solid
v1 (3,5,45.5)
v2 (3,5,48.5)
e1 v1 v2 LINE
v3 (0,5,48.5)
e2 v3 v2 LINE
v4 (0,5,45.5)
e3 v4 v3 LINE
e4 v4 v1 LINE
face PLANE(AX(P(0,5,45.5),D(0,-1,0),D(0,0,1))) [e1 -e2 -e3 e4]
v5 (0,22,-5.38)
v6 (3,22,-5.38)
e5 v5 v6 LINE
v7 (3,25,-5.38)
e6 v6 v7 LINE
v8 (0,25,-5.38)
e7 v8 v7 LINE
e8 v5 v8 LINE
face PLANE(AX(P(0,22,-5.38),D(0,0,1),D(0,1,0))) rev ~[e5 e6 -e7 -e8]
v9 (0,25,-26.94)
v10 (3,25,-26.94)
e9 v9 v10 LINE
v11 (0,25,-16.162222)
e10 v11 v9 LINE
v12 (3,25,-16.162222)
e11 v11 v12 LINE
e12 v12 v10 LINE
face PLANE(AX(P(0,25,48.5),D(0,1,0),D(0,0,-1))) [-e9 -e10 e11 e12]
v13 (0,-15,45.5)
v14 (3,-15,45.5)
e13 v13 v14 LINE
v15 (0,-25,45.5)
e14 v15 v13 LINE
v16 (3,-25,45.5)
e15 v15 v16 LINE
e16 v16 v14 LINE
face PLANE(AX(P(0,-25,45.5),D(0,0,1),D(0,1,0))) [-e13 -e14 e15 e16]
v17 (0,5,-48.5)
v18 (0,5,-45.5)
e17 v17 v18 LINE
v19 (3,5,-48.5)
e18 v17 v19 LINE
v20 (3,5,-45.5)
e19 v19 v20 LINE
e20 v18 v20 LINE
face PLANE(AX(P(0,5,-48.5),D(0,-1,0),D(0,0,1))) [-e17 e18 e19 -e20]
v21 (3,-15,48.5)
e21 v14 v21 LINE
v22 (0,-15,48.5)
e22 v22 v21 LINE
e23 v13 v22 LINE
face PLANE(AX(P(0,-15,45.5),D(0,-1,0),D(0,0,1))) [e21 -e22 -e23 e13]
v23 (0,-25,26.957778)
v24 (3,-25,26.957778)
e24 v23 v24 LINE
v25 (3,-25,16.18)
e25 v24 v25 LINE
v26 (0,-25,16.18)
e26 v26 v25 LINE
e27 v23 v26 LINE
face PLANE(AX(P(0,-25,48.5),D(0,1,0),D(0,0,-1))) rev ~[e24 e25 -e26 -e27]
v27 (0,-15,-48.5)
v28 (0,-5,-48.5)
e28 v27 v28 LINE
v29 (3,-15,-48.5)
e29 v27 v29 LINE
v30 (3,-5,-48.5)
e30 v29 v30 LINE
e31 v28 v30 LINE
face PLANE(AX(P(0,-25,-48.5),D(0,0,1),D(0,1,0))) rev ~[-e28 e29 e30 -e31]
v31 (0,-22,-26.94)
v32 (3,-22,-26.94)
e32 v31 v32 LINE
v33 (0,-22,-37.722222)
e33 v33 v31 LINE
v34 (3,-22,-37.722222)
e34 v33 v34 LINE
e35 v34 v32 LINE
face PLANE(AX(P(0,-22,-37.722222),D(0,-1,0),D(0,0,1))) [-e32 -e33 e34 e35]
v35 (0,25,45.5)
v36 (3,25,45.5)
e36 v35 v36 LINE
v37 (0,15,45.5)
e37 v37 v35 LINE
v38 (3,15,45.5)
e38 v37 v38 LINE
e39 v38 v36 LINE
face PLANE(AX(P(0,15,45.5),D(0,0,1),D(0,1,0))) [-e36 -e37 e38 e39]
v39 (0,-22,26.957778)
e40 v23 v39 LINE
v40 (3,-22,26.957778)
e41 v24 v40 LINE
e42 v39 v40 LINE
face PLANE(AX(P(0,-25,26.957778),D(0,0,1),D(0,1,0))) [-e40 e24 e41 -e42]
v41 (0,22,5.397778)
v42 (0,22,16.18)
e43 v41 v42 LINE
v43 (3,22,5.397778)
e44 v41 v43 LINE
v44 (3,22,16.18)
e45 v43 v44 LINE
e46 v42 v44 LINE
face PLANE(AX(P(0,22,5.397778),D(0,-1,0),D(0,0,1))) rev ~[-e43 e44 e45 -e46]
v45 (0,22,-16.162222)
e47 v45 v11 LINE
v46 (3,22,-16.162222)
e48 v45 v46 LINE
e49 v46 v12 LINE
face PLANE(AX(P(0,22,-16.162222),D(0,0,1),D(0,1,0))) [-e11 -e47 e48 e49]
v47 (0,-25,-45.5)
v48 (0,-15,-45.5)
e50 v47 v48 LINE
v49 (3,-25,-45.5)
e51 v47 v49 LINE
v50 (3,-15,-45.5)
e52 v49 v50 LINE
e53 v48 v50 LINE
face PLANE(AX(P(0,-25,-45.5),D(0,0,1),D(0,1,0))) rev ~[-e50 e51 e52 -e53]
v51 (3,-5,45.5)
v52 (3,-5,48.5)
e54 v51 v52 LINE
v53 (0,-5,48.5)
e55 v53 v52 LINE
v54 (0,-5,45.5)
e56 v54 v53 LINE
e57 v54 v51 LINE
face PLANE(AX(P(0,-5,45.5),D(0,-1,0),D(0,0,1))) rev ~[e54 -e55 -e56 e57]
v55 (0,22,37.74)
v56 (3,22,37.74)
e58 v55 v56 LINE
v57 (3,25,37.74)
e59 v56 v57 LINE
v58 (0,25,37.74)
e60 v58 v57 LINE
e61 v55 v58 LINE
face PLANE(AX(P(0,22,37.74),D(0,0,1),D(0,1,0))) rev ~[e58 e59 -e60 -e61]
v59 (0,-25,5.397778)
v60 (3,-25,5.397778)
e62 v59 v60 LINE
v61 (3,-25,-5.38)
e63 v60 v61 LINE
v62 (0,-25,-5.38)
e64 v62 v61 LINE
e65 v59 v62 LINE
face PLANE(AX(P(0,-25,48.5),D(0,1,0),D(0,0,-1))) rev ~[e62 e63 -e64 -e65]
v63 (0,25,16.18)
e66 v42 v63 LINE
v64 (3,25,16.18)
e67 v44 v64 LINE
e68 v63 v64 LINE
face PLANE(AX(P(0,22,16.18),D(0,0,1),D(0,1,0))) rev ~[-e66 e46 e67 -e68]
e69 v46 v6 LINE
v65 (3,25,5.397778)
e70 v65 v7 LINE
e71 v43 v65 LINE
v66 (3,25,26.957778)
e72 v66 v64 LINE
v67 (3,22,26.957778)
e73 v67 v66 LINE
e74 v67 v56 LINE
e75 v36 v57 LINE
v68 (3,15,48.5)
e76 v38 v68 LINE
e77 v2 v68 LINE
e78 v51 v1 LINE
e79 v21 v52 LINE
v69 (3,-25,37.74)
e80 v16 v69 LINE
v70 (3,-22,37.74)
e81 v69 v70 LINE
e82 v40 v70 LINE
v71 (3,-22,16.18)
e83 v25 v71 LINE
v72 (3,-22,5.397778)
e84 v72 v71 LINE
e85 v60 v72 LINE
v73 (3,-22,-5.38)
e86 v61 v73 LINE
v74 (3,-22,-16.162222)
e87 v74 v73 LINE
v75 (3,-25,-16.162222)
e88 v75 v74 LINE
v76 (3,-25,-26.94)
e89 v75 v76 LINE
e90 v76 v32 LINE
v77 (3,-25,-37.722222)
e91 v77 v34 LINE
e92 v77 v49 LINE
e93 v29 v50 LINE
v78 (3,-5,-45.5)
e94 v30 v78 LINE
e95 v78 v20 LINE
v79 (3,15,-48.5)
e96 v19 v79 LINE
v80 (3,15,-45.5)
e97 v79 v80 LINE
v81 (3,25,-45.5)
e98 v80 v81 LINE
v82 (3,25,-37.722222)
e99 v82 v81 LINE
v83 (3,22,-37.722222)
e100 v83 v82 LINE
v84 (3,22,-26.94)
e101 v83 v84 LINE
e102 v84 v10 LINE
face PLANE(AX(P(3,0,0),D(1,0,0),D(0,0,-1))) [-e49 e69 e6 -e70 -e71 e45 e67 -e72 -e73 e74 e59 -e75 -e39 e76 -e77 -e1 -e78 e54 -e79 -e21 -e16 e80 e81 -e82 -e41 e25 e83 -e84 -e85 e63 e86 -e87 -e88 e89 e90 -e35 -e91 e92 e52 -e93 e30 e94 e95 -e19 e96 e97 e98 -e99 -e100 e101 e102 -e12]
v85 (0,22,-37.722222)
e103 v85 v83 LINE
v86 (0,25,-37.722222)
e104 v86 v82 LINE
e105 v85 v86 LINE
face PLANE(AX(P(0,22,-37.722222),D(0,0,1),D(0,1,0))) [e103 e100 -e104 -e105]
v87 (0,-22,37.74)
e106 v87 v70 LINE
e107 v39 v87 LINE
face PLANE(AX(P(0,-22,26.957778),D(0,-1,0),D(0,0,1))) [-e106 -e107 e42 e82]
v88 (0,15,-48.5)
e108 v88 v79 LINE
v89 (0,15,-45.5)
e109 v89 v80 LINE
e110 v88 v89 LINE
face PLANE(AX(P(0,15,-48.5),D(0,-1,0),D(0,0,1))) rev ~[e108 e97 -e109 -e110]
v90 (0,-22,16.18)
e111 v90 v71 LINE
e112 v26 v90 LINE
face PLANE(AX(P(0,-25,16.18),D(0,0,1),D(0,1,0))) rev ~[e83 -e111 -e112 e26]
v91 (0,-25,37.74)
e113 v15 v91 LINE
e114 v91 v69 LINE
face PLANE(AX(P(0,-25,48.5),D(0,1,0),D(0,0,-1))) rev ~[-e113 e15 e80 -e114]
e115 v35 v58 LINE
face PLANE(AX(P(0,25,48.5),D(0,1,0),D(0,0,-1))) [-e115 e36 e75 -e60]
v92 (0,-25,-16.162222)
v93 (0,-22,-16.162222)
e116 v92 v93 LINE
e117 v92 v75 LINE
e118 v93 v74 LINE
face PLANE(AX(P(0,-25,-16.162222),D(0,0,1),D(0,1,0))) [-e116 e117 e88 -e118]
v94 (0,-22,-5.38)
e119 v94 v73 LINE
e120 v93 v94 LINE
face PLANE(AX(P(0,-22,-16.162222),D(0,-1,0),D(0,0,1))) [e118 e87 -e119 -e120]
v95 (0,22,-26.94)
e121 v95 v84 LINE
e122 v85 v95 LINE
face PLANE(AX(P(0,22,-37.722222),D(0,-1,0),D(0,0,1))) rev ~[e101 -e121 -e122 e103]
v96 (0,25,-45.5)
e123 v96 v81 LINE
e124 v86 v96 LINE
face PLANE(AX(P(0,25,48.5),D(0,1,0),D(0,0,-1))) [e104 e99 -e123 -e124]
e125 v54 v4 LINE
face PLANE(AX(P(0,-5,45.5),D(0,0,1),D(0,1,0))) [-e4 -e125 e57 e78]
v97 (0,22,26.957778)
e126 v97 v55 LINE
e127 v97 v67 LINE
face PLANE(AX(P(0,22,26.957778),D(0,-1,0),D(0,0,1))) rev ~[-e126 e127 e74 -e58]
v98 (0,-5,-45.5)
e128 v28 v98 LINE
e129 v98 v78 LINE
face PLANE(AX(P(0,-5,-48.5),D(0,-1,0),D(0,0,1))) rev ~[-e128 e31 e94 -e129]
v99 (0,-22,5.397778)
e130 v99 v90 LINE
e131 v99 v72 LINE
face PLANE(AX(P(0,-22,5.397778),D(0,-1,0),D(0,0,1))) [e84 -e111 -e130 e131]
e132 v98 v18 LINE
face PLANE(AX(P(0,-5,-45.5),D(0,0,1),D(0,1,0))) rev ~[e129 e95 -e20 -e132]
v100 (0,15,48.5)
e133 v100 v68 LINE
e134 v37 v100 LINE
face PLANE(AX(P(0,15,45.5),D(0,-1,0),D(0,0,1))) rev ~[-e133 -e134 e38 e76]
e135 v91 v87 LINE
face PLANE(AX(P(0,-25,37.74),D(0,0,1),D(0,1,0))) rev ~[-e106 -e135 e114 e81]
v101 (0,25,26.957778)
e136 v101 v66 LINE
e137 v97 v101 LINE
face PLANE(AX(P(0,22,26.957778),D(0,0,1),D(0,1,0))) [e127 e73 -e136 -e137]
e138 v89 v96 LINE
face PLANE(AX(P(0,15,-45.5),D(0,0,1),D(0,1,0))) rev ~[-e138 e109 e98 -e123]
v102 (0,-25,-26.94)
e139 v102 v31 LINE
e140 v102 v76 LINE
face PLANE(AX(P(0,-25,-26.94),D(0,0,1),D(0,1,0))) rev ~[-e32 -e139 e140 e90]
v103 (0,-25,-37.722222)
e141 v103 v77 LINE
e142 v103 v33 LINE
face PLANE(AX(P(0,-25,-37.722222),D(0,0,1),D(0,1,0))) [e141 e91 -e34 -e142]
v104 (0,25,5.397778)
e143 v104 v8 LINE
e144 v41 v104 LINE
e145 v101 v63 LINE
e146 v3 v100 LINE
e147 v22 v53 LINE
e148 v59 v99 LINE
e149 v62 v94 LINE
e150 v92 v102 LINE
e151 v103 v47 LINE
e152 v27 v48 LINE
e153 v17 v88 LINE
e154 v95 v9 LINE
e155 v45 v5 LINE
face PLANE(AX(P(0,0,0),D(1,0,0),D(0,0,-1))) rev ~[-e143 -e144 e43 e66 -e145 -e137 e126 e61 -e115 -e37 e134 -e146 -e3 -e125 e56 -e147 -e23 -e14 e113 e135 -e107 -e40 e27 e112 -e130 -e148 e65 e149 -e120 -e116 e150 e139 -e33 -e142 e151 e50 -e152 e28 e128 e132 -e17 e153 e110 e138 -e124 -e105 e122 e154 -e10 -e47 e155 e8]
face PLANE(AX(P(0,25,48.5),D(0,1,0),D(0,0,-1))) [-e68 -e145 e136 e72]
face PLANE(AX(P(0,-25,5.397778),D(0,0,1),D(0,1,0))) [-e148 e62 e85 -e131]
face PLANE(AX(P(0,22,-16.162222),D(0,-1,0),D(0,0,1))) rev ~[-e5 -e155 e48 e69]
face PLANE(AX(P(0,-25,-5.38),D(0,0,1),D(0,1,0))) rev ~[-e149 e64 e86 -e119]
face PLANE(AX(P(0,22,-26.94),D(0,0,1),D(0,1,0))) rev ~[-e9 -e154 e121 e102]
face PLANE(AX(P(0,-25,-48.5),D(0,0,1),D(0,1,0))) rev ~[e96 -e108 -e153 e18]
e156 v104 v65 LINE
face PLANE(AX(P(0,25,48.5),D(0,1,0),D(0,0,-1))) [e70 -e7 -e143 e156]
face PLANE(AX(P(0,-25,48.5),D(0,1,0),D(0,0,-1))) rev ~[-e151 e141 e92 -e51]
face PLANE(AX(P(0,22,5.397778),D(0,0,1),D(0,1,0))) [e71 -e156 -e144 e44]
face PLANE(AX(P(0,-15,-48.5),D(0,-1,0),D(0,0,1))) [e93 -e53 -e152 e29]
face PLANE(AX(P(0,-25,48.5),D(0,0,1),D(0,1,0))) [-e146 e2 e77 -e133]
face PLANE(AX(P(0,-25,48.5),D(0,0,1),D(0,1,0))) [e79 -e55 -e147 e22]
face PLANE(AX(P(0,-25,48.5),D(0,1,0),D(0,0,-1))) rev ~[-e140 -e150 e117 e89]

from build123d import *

# Parameters (mm, degrees)
ESBO_O1_W                = 97
ESBO_O1_H                = 50
RESSALTO_EXTRUS_O1_DEPTH = 3
CORTE_EXTRUS_O1_REACH    = 56.647
ESBO_O2_W                = 10.782222222
ESBO_O2_H                = 3
CORTE_EXTRUS_O2_REACH    = 56.647
ESBO_O4_W                = 3
ESBO_O4_H                = 10


with BuildPart() as part:
    # Esboço1 → Ressalto-extrusão1 (new body)
    with BuildSketch(Plane(origin=(0, 0, 0), x_dir=(0, 0, -1), z_dir=(1, 0, 0))):
        Rectangle(ESBO_O1_W, ESBO_O1_H)
    extrude(amount=RESSALTO_EXTRUS_O1_DEPTH)

    # Esboço2 → Corte-extrusão1 (cut, up to next)
    with BuildSketch(Plane.ZY, mode=Mode.PRIVATE) as corte_extrus_o1_sk1:
        with Locations((-10.771111111, 23.5)):
            Rectangle(ESBO_O2_W, ESBO_O2_H)
    corte_extrus_o1_tool1 = extrude(corte_extrus_o1_sk1.sketch, amount=-CORTE_EXTRUS_O1_REACH, mode=Mode.PRIVATE) & part.part
    # Esboço2 → Corte-extrusão1 (cut, up to next)
    with BuildSketch(Plane.ZY, mode=Mode.PRIVATE) as corte_extrus_o1_sk2:
        with Locations((-32.331111111, 23.5)):
            Rectangle(ESBO_O2_W, ESBO_O2_H)
    corte_extrus_o1_tool2 = extrude(corte_extrus_o1_sk2.sketch, amount=-CORTE_EXTRUS_O1_REACH, mode=Mode.PRIVATE) & part.part
    # Esboço2 → Corte-extrusão1 (cut, up to next)
    with BuildSketch(Plane.ZY, mode=Mode.PRIVATE) as corte_extrus_o1_sk3:
        with Locations((10.788888889, 23.5)):
            Rectangle(ESBO_O2_W, ESBO_O2_H)
    corte_extrus_o1_tool3 = extrude(corte_extrus_o1_sk3.sketch, amount=-CORTE_EXTRUS_O1_REACH, mode=Mode.PRIVATE) & part.part
    # Esboço2 → Corte-extrusão1 (cut, up to next)
    with BuildSketch(Plane.ZY, mode=Mode.PRIVATE) as corte_extrus_o1_sk4:
        with Locations((32.348888889, 23.5)):
            Rectangle(ESBO_O2_W, ESBO_O2_H)
    corte_extrus_o1_tool4 = extrude(corte_extrus_o1_sk4.sketch, amount=-CORTE_EXTRUS_O1_REACH, mode=Mode.PRIVATE) & part.part
    # Esboço2 → Corte-extrusão1 (cut, up to next)
    with BuildSketch(Plane.ZY, mode=Mode.PRIVATE) as corte_extrus_o1_sk5:
        with Locations((-32.331111111, -23.5)):
            Rectangle(ESBO_O2_W, ESBO_O2_H)
    corte_extrus_o1_tool5 = extrude(corte_extrus_o1_sk5.sketch, amount=-CORTE_EXTRUS_O1_REACH, mode=Mode.PRIVATE) & part.part
    # Esboço2 → Corte-extrusão1 (cut, up to next)
    with BuildSketch(Plane.ZY, mode=Mode.PRIVATE) as corte_extrus_o1_sk6:
        with Locations((32.348888889, -23.5)):
            Rectangle(ESBO_O2_W, ESBO_O2_H)
    corte_extrus_o1_tool6 = extrude(corte_extrus_o1_sk6.sketch, amount=-CORTE_EXTRUS_O1_REACH, mode=Mode.PRIVATE) & part.part
    # Esboço2 → Corte-extrusão1 (cut, up to next)
    with BuildSketch(Plane.ZY, mode=Mode.PRIVATE) as corte_extrus_o1_sk7:
        with Locations((-10.771111111, -23.5)):
            Rectangle(ESBO_O2_W, ESBO_O2_H)
    corte_extrus_o1_tool7 = extrude(corte_extrus_o1_sk7.sketch, amount=-CORTE_EXTRUS_O1_REACH, mode=Mode.PRIVATE) & part.part
    # Esboço2 → Corte-extrusão1 (cut, up to next)
    with BuildSketch(Plane.ZY, mode=Mode.PRIVATE) as corte_extrus_o1_sk8:
        with Locations((10.788888889, -23.5)):
            Rectangle(ESBO_O2_W, ESBO_O2_H)
    corte_extrus_o1_tool8 = extrude(corte_extrus_o1_sk8.sketch, amount=-CORTE_EXTRUS_O1_REACH, mode=Mode.PRIVATE) & part.part
    add(corte_extrus_o1_tool1.solids().sort_by_distance((0, 23.5, -10.771111))[0], mode=Mode.SUBTRACT)
    add(corte_extrus_o1_tool2.solids().sort_by_distance((0, 23.5, -32.331111))[0], mode=Mode.SUBTRACT)
    add(corte_extrus_o1_tool3.solids().sort_by_distance((0, 23.5, 10.788889))[0], mode=Mode.SUBTRACT)
    add(corte_extrus_o1_tool4.solids().sort_by_distance((0, 23.5, 32.348889))[0], mode=Mode.SUBTRACT)
    add(corte_extrus_o1_tool5.solids().sort_by_distance((0, -23.5, -32.331111))[0], mode=Mode.SUBTRACT)
    add(corte_extrus_o1_tool6.solids().sort_by_distance((0, -23.5, 32.348889))[0], mode=Mode.SUBTRACT)
    add(corte_extrus_o1_tool7.solids().sort_by_distance((0, -23.5, -10.771111))[0], mode=Mode.SUBTRACT)
    add(corte_extrus_o1_tool8.solids().sort_by_distance((0, -23.5, 10.788889))[0], mode=Mode.SUBTRACT)

    # Esboço4 → Corte-extrusão2 (cut, up to next)
    with BuildSketch(Plane.ZY, mode=Mode.PRIVATE) as corte_extrus_o2_sk1:
        with Locations((47, 20)):
            Rectangle(ESBO_O4_W, ESBO_O4_H)
    corte_extrus_o2_tool1 = extrude(corte_extrus_o2_sk1.sketch, amount=-CORTE_EXTRUS_O2_REACH, mode=Mode.PRIVATE) & part.part
    # Esboço4 → Corte-extrusão2 (cut, up to next)
    with BuildSketch(Plane.ZY, mode=Mode.PRIVATE) as corte_extrus_o2_sk2:
        with Locations((47, -20)):
            Rectangle(ESBO_O4_W, ESBO_O4_H)
    corte_extrus_o2_tool2 = extrude(corte_extrus_o2_sk2.sketch, amount=-CORTE_EXTRUS_O2_REACH, mode=Mode.PRIVATE) & part.part
    # Esboço4 → Corte-extrusão2 (cut, up to next)
    with BuildSketch(Plane.ZY, mode=Mode.PRIVATE) as corte_extrus_o2_sk3:
        with Locations((-47, 0)):
            Rectangle(ESBO_O4_W, ESBO_O4_H)
    corte_extrus_o2_tool3 = extrude(corte_extrus_o2_sk3.sketch, amount=-CORTE_EXTRUS_O2_REACH, mode=Mode.PRIVATE) & part.part
    # Esboço4 → Corte-extrusão2 (cut, up to next)
    with BuildSketch(Plane.ZY, mode=Mode.PRIVATE) as corte_extrus_o2_sk4:
        with Locations((-47, 20)):
            Rectangle(ESBO_O4_W, ESBO_O4_H)
    corte_extrus_o2_tool4 = extrude(corte_extrus_o2_sk4.sketch, amount=-CORTE_EXTRUS_O2_REACH, mode=Mode.PRIVATE) & part.part
    # Esboço4 → Corte-extrusão2 (cut, up to next)
    with BuildSketch(Plane.ZY, mode=Mode.PRIVATE) as corte_extrus_o2_sk5:
        with Locations((47, 0)):
            Rectangle(ESBO_O4_W, ESBO_O4_H)
    corte_extrus_o2_tool5 = extrude(corte_extrus_o2_sk5.sketch, amount=-CORTE_EXTRUS_O2_REACH, mode=Mode.PRIVATE) & part.part
    # Esboço4 → Corte-extrusão2 (cut, up to next)
    with BuildSketch(Plane.ZY, mode=Mode.PRIVATE) as corte_extrus_o2_sk6:
        with Locations((-47, -20)):
            Rectangle(ESBO_O4_W, ESBO_O4_H)
    corte_extrus_o2_tool6 = extrude(corte_extrus_o2_sk6.sketch, amount=-CORTE_EXTRUS_O2_REACH, mode=Mode.PRIVATE) & part.part
    add(corte_extrus_o2_tool1.solids().sort_by_distance((0, 20, 47))[0], mode=Mode.SUBTRACT)
    add(corte_extrus_o2_tool2.solids().sort_by_distance((0, -20, 47))[0], mode=Mode.SUBTRACT)
    add(corte_extrus_o2_tool3.solids().sort_by_distance((0, 0, -47))[0], mode=Mode.SUBTRACT)
    add(corte_extrus_o2_tool4.solids().sort_by_distance((0, 20, -47))[0], mode=Mode.SUBTRACT)
    add(corte_extrus_o2_tool5.solids().sort_by_distance((0, 0, 47))[0], mode=Mode.SUBTRACT)
    add(corte_extrus_o2_tool6.solids().sort_by_distance((0, -20, -47))[0], mode=Mode.SUBTRACT)


solid = part.part
